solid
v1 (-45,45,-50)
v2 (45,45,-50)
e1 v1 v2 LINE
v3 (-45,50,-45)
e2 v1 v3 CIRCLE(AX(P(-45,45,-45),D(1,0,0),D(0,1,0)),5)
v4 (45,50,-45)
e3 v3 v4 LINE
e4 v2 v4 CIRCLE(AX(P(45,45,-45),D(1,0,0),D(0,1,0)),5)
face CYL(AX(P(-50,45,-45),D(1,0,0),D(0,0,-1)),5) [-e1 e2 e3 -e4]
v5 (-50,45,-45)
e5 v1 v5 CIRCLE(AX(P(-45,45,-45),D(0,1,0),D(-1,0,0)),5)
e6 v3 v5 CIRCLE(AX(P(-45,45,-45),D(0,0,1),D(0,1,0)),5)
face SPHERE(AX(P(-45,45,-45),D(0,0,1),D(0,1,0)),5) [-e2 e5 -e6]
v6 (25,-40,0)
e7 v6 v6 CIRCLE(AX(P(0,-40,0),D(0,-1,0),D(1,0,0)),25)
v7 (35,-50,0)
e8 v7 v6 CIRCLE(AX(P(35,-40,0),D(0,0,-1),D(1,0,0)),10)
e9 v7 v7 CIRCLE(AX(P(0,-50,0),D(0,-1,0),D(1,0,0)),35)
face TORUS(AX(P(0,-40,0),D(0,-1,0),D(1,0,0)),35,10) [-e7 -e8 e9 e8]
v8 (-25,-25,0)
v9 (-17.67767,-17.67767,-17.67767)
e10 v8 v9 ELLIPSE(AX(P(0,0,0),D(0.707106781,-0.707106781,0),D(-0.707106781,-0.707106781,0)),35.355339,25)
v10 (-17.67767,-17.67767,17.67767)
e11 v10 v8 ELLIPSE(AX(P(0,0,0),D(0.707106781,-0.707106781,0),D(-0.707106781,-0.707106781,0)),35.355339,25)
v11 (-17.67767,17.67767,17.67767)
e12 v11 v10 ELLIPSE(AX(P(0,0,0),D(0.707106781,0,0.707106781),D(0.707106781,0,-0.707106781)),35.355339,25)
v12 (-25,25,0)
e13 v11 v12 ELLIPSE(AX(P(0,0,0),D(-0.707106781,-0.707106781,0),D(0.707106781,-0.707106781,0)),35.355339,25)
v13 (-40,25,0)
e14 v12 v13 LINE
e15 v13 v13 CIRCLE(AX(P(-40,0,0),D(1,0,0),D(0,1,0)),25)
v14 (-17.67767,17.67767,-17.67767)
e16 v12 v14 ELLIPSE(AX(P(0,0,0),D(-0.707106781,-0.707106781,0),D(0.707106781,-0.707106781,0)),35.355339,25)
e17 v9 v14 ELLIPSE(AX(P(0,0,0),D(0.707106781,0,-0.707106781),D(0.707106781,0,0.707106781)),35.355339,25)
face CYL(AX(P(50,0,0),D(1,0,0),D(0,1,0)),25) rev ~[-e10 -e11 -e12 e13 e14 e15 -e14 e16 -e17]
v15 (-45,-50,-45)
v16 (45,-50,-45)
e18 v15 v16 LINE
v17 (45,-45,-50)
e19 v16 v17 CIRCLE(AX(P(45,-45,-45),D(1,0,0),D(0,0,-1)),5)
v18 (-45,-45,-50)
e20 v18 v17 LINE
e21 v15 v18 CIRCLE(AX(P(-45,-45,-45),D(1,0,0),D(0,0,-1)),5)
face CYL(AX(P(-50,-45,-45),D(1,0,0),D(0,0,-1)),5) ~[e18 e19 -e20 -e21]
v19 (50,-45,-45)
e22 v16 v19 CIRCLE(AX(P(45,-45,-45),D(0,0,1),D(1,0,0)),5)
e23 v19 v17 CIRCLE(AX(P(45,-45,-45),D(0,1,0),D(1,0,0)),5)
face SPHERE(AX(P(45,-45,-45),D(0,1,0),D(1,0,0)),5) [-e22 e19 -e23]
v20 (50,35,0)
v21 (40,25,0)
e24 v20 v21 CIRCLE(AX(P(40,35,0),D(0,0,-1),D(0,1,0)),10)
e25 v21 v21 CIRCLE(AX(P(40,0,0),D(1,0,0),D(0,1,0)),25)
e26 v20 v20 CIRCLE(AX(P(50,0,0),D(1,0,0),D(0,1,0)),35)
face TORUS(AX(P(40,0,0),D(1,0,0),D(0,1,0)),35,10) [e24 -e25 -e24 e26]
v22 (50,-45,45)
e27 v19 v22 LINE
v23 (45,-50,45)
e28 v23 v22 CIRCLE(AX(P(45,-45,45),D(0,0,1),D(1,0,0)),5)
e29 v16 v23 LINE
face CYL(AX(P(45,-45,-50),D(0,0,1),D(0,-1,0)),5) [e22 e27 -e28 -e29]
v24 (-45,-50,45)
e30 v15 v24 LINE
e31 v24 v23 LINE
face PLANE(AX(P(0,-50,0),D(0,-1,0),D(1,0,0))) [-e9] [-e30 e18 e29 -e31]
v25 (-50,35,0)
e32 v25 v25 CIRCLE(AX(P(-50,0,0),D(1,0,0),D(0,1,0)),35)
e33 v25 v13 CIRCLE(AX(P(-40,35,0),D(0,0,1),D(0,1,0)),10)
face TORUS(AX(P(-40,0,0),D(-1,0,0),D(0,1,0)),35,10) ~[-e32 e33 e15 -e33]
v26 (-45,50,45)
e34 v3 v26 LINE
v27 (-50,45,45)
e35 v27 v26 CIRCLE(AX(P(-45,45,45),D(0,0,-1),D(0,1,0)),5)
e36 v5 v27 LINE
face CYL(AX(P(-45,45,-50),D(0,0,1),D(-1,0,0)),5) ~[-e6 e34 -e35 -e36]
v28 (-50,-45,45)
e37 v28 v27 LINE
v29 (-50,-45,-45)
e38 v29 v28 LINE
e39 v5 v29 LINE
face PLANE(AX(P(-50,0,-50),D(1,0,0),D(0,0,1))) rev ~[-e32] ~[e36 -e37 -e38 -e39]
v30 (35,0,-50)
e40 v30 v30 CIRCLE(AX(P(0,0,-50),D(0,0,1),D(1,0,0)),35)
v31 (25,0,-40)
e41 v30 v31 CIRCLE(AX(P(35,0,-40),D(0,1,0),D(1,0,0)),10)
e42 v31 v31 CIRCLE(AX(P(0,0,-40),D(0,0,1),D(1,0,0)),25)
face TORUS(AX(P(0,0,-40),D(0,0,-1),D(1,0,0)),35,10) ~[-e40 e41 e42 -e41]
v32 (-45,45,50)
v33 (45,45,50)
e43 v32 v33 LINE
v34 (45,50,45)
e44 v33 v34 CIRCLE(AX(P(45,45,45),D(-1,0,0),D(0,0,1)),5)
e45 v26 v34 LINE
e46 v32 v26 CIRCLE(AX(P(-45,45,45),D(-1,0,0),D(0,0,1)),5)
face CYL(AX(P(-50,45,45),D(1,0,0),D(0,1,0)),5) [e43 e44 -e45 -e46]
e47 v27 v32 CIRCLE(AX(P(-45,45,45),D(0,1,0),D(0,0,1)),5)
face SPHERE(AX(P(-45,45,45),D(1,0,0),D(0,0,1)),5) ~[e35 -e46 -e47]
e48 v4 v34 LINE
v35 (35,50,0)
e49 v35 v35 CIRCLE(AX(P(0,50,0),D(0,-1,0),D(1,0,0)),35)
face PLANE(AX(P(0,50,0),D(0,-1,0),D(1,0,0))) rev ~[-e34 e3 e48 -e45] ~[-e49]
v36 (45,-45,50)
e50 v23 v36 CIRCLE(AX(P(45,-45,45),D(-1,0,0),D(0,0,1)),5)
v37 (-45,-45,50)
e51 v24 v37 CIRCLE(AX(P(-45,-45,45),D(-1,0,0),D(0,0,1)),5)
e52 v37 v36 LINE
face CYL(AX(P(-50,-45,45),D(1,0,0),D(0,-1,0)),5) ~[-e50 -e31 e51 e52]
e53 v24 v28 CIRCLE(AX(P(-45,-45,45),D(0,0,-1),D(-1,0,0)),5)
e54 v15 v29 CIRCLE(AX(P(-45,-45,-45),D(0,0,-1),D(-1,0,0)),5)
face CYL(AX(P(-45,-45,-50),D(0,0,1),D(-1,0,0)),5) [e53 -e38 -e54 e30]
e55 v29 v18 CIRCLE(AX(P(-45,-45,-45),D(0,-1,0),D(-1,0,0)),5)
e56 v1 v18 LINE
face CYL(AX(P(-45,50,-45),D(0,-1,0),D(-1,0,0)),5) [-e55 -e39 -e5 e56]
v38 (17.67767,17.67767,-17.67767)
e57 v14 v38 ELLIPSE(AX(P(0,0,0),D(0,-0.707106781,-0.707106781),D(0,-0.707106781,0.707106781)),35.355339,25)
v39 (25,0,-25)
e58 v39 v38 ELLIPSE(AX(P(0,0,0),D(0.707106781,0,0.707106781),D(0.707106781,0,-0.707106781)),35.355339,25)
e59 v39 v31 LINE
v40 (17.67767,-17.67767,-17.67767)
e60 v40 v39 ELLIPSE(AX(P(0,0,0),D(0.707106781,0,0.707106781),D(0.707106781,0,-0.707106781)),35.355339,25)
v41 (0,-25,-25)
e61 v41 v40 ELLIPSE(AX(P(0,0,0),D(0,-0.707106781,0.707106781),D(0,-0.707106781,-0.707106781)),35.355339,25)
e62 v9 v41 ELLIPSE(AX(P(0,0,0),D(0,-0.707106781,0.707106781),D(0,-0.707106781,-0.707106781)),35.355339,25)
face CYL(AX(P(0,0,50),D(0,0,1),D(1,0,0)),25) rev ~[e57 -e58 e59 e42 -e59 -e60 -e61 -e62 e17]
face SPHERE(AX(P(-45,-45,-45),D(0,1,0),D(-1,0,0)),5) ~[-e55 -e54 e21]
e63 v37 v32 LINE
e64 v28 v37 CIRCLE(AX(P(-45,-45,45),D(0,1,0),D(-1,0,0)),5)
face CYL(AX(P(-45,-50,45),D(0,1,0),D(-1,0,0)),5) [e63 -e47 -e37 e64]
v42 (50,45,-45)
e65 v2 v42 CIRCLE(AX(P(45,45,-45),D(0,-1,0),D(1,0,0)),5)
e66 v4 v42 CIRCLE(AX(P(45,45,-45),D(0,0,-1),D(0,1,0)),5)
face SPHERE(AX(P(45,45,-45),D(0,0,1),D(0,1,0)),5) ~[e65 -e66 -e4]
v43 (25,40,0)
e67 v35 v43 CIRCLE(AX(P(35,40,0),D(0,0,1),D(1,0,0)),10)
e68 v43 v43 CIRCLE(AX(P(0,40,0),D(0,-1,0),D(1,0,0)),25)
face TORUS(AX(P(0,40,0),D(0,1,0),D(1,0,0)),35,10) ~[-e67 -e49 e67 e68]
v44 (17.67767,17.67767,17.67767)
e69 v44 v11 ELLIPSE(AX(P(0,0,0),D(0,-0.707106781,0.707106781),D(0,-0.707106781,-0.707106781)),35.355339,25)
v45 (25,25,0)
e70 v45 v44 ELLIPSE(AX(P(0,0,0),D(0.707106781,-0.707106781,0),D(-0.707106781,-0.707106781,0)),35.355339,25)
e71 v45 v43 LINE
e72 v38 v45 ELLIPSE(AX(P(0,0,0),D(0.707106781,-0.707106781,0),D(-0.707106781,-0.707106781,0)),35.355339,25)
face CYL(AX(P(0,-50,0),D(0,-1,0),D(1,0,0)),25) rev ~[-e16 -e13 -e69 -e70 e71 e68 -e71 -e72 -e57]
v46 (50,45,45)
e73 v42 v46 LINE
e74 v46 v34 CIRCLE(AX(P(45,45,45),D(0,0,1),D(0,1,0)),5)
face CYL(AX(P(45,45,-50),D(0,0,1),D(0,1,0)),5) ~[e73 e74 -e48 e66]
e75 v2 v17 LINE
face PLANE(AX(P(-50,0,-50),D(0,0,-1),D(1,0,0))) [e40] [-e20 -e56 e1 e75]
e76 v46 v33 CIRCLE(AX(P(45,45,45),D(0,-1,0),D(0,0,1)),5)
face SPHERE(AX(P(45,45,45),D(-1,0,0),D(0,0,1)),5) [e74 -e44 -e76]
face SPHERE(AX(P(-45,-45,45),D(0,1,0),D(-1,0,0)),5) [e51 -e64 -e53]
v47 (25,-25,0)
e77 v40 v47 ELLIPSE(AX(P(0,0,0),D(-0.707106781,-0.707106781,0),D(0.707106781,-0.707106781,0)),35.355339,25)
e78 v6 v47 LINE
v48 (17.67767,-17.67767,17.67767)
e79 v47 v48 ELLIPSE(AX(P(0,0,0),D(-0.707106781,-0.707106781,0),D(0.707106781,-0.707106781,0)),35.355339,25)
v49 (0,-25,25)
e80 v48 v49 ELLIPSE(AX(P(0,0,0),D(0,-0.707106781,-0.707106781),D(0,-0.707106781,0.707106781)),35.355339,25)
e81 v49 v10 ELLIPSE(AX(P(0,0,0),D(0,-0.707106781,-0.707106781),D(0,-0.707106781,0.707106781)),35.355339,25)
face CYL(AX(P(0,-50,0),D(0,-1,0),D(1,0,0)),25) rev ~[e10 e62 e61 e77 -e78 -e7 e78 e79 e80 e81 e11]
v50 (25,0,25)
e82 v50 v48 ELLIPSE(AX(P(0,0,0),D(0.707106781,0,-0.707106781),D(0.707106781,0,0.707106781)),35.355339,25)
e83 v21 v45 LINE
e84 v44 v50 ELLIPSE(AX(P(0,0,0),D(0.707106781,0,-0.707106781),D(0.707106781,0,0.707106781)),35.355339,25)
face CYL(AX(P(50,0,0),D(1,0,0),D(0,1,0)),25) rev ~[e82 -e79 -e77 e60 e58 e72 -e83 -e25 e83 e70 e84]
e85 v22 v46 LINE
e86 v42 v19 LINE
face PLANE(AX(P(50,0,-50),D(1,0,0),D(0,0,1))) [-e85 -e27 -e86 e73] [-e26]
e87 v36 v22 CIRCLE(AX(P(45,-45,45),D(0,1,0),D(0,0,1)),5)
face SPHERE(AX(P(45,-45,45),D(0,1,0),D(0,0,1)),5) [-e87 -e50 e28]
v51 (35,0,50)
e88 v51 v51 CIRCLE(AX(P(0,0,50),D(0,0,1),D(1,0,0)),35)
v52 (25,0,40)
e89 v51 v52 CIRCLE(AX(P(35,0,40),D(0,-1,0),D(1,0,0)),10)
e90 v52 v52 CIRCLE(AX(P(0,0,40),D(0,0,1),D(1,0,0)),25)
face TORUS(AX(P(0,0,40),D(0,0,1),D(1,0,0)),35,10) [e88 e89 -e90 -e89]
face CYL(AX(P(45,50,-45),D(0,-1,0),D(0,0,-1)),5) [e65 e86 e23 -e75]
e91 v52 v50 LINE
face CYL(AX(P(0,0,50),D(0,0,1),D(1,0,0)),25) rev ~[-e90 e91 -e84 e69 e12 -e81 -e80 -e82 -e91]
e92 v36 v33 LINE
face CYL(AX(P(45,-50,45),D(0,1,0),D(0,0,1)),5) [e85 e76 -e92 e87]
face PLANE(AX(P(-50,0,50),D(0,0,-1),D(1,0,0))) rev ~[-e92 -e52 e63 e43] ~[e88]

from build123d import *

# Parameters (mm, degrees)
F0_W     = 100
F0_H     = 100
F1_DEPTH = 50
F2_R     = 25
F3_DEPTH = 157
F4_R     = 25
F5_DEPTH = 100
F6_R     = 25
F7_DEPTH = 100
F8_R     = 10
F9_R     = 5


with BuildPart() as f1:
    # F0 (on Front) → F1 (new body, symmetric)
    with BuildSketch(Plane.XZ):
        Rectangle(F0_W, F0_H)
    extrude(amount=F1_DEPTH, both=True)

    # F2 (on face) → F3 (cut)
    with BuildSketch(Plane.XZ.offset(50)):
        Circle(F2_R)
    extrude(amount=-F3_DEPTH, mode=Mode.SUBTRACT)

    # F4 (on face) → F5 (cut)
    with BuildSketch(Plane.YZ.offset(50)):
        Circle(F4_R)
    extrude(amount=-F5_DEPTH, mode=Mode.SUBTRACT)

    # F6 (on face) → F7 (cut)
    with BuildSketch(Plane.XY.offset(50)):
        Circle(F6_R)
    extrude(amount=-F7_DEPTH, mode=Mode.SUBTRACT)

    # F8
    f8_edges = [f1.edges().sort_by_distance(p)[0] for p in [
        (-25, 0, 50),
        (50, -25, 0),
        (-25, 50, 0),
        (-25, 0, -50),
        (-25, -50, 0),
        (-50, -25, 0),
    ]]
    fillet(f8_edges, radius=F8_R)

    # F9
    f9_edges = [f1.edges().sort_by_distance(p)[0] for p in [
        (0, 50, 50),
        (50, 0, 50),
        (50, 50, 0),
        (-50, 0, 50),
        (-50, 50, 0),
        (0, 50, -50),
        (-50, 0, -50),
        (-50, -50, 0),
        (0, -50, 50),
        (50, 0, -50),
        (50, -50, 0),
        (0, -50, -50),
    ]]
    fillet(f9_edges, radius=F9_R)


solid = f1.part
